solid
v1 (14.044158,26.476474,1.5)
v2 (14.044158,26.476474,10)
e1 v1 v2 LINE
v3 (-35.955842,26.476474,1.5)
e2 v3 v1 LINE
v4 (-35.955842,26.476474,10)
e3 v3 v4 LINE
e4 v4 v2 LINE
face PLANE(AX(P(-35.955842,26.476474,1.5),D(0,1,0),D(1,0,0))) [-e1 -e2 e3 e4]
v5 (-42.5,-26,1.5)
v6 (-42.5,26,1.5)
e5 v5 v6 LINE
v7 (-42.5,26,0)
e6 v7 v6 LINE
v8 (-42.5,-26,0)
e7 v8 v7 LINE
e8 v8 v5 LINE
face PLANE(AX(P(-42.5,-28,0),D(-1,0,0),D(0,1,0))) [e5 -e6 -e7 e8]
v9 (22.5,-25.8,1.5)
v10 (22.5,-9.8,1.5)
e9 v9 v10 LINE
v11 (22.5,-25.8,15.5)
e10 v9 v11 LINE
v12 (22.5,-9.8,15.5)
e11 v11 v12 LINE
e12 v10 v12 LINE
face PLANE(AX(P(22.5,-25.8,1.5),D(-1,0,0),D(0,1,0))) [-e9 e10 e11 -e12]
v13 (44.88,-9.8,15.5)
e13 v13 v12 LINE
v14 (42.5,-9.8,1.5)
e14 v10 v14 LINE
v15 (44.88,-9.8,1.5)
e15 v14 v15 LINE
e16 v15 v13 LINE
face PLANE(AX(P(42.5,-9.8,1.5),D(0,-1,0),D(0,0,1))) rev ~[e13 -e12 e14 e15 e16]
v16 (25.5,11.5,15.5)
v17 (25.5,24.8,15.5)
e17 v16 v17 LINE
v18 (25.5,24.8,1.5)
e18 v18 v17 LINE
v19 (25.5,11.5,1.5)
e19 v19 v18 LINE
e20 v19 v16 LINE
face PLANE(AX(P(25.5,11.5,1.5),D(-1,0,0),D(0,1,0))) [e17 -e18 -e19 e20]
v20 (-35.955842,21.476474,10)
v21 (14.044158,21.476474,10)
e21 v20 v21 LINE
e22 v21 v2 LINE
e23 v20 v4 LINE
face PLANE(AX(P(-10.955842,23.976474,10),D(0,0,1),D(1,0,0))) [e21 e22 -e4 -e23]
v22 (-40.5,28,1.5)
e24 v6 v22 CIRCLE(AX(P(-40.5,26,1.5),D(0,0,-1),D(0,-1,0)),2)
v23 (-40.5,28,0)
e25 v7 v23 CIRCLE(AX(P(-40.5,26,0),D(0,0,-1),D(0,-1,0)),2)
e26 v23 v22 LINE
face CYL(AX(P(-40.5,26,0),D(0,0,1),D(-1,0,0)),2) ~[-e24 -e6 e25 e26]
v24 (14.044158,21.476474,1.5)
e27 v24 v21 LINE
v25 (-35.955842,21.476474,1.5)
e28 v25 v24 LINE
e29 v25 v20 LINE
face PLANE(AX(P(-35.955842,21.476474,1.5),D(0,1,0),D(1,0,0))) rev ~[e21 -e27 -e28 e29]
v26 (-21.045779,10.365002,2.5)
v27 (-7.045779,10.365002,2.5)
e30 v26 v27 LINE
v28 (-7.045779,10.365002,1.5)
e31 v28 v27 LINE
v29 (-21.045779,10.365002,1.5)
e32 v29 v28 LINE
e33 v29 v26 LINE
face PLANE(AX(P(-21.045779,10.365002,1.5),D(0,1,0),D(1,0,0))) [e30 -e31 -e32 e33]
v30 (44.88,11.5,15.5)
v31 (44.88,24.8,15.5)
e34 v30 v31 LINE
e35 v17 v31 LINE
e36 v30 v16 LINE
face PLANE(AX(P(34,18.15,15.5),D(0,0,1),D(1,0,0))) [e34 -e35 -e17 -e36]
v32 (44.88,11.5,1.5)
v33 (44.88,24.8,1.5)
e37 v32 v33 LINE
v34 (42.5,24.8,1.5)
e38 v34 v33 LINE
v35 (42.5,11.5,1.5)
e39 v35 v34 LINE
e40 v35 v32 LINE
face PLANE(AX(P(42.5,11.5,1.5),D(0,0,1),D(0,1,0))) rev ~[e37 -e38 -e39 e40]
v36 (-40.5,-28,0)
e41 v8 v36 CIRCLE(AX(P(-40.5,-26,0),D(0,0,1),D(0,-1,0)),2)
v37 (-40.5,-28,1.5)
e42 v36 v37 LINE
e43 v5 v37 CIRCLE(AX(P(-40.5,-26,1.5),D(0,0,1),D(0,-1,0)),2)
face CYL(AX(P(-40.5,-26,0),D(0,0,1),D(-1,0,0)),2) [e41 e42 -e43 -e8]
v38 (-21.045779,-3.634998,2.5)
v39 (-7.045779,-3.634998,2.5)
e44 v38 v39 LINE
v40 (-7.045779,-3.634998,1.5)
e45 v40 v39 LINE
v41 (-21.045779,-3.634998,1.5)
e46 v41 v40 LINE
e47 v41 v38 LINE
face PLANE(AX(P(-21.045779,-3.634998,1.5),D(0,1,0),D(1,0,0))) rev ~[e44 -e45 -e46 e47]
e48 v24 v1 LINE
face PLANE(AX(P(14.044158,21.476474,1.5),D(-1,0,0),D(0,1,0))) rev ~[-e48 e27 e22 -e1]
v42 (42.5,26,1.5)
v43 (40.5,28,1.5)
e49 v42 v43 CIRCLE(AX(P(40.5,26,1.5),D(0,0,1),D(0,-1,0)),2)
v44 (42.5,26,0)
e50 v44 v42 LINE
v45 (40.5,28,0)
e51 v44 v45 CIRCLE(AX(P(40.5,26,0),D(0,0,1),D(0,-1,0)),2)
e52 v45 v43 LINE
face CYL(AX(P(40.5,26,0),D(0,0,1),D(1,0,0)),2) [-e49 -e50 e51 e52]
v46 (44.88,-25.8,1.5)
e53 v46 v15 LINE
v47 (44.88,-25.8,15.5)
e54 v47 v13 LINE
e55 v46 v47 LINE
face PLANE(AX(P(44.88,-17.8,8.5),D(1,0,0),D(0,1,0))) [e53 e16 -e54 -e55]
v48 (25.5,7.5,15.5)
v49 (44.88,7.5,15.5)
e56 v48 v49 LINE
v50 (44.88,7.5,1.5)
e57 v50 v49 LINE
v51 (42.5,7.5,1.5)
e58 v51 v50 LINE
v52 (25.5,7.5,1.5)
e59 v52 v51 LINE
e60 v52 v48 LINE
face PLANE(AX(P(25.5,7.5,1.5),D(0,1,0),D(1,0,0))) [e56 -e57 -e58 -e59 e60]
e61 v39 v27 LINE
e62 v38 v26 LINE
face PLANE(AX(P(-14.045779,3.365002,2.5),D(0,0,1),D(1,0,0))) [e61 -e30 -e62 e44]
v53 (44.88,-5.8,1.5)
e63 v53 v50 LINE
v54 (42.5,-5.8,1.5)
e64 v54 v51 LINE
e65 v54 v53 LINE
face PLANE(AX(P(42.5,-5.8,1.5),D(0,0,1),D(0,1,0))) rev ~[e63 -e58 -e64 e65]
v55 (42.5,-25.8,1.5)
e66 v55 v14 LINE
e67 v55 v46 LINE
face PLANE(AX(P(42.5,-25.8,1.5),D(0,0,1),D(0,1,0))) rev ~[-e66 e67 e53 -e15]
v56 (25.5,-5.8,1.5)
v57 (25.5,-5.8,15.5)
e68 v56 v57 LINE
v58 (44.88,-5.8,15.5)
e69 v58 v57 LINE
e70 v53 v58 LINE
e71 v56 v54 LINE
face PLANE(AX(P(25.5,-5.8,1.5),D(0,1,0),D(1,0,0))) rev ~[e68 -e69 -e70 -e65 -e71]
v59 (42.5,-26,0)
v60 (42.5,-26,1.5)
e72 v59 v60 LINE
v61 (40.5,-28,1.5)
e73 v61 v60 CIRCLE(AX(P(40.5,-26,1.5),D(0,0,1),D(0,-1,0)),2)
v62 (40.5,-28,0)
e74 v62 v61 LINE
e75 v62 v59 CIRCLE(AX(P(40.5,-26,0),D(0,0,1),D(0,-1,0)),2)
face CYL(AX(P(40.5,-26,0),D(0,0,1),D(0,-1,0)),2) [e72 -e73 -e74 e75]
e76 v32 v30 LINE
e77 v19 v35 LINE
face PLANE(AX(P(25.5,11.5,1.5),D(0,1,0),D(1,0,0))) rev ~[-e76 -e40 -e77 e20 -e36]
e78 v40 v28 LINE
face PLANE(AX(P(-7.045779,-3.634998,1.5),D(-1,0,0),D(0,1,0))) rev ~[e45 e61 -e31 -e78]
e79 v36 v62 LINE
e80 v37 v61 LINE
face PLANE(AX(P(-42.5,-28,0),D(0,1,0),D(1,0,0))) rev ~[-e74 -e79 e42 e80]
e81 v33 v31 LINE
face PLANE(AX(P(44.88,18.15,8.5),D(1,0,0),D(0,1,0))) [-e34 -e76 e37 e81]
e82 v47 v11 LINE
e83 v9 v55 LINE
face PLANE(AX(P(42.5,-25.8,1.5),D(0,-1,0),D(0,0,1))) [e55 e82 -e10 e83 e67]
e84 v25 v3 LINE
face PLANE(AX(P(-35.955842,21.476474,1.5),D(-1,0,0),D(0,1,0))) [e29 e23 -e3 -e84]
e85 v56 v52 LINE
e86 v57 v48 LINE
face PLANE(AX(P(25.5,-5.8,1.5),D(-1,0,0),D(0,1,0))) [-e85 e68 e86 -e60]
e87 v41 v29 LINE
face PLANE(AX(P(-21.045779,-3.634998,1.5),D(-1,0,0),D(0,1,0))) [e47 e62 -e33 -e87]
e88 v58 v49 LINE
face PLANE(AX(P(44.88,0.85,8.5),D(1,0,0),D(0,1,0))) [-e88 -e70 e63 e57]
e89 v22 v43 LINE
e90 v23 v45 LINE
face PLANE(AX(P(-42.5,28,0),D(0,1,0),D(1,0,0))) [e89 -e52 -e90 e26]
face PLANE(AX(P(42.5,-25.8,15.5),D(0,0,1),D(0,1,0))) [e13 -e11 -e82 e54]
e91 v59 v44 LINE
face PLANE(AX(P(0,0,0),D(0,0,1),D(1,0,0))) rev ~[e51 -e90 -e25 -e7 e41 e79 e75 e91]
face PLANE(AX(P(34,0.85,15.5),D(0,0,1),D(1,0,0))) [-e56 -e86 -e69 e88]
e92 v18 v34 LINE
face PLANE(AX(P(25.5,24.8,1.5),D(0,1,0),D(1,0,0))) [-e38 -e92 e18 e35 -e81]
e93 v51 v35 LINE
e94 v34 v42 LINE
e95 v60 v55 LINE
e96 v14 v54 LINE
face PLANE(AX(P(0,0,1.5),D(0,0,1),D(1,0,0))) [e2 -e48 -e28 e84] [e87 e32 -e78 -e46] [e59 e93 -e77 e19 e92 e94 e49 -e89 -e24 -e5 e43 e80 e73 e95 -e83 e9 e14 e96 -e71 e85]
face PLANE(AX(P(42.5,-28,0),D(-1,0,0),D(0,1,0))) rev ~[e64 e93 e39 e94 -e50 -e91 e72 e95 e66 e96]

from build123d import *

# Parameters (mm, degrees)
F0_W      = 85
F0_H      = 56
F1_DEPTH  = 1.5
F2_R      = 2
F3_W      = 50
F3_H      = 5
F4_DEPTH  = 8.5
F5_W      = 17
F5_H      = 13.3
F5_W_2    = 20
F5_H_2    = 16
F6_DEPTH  = 14
F7_W      = 16
F7_H      = 14
F7_W_2    = 13.3
F8_DEPTH  = 2.38
F9_W      = 14
F9_H      = 14
F10_DEPTH = 1


with BuildPart() as f1:
    # F0 (on Top) → F1 (new body)
    with BuildSketch(Plane.XY):
        Rectangle(F0_W, F0_H)
    extrude(amount=F1_DEPTH)

    # F2
    f2_edges = [f1.edges().sort_by_distance(p)[0] for p in [
        (-42.5, -28, 0.75),
        (-42.5, 28, 0.75),
        (42.5, -28, 0.75),
        (42.5, 28, 0.75),
    ]]
    fillet(f2_edges, radius=F2_R)

    # F3 (on face) → F4 (join)
    with BuildSketch(Plane.XY.offset(1.5)):
        with Locations((-10.955842, 23.976474)):
            Rectangle(F3_W, F3_H)
    extrude(amount=F4_DEPTH)

    # F5 (on face) → F6 (join)
    with BuildSketch(Plane.XY.offset(1.5)):
        with Locations((34, 18.15)):
            Rectangle(F5_W, F5_H)
        with Locations((34, 0.85)):
            Rectangle(F5_W, F5_H)
        with Locations((32.5, -17.8)):
            Rectangle(F5_W_2, F5_H_2)
    extrude(amount=F6_DEPTH)

    # F7 (on face) → F8 (join)
    with BuildSketch(Plane.YZ.offset(42.5)):
        with Locations((-17.8, 8.5)):
            Rectangle(F7_W, F7_H)
        with Locations((0.85, 8.5)):
            Rectangle(F7_W_2, F7_H)
        with Locations((18.15, 8.5)):
            Rectangle(F7_W_2, F7_H)
    extrude(amount=F8_DEPTH)

    # F9 (on face) → F10 (join)
    with BuildSketch(Plane.XY.offset(1.5)):
        with Locations((-14.045779, 3.365002)):
            Rectangle(F9_W, F9_H)
    extrude(amount=F10_DEPTH)


solid = f1.part
